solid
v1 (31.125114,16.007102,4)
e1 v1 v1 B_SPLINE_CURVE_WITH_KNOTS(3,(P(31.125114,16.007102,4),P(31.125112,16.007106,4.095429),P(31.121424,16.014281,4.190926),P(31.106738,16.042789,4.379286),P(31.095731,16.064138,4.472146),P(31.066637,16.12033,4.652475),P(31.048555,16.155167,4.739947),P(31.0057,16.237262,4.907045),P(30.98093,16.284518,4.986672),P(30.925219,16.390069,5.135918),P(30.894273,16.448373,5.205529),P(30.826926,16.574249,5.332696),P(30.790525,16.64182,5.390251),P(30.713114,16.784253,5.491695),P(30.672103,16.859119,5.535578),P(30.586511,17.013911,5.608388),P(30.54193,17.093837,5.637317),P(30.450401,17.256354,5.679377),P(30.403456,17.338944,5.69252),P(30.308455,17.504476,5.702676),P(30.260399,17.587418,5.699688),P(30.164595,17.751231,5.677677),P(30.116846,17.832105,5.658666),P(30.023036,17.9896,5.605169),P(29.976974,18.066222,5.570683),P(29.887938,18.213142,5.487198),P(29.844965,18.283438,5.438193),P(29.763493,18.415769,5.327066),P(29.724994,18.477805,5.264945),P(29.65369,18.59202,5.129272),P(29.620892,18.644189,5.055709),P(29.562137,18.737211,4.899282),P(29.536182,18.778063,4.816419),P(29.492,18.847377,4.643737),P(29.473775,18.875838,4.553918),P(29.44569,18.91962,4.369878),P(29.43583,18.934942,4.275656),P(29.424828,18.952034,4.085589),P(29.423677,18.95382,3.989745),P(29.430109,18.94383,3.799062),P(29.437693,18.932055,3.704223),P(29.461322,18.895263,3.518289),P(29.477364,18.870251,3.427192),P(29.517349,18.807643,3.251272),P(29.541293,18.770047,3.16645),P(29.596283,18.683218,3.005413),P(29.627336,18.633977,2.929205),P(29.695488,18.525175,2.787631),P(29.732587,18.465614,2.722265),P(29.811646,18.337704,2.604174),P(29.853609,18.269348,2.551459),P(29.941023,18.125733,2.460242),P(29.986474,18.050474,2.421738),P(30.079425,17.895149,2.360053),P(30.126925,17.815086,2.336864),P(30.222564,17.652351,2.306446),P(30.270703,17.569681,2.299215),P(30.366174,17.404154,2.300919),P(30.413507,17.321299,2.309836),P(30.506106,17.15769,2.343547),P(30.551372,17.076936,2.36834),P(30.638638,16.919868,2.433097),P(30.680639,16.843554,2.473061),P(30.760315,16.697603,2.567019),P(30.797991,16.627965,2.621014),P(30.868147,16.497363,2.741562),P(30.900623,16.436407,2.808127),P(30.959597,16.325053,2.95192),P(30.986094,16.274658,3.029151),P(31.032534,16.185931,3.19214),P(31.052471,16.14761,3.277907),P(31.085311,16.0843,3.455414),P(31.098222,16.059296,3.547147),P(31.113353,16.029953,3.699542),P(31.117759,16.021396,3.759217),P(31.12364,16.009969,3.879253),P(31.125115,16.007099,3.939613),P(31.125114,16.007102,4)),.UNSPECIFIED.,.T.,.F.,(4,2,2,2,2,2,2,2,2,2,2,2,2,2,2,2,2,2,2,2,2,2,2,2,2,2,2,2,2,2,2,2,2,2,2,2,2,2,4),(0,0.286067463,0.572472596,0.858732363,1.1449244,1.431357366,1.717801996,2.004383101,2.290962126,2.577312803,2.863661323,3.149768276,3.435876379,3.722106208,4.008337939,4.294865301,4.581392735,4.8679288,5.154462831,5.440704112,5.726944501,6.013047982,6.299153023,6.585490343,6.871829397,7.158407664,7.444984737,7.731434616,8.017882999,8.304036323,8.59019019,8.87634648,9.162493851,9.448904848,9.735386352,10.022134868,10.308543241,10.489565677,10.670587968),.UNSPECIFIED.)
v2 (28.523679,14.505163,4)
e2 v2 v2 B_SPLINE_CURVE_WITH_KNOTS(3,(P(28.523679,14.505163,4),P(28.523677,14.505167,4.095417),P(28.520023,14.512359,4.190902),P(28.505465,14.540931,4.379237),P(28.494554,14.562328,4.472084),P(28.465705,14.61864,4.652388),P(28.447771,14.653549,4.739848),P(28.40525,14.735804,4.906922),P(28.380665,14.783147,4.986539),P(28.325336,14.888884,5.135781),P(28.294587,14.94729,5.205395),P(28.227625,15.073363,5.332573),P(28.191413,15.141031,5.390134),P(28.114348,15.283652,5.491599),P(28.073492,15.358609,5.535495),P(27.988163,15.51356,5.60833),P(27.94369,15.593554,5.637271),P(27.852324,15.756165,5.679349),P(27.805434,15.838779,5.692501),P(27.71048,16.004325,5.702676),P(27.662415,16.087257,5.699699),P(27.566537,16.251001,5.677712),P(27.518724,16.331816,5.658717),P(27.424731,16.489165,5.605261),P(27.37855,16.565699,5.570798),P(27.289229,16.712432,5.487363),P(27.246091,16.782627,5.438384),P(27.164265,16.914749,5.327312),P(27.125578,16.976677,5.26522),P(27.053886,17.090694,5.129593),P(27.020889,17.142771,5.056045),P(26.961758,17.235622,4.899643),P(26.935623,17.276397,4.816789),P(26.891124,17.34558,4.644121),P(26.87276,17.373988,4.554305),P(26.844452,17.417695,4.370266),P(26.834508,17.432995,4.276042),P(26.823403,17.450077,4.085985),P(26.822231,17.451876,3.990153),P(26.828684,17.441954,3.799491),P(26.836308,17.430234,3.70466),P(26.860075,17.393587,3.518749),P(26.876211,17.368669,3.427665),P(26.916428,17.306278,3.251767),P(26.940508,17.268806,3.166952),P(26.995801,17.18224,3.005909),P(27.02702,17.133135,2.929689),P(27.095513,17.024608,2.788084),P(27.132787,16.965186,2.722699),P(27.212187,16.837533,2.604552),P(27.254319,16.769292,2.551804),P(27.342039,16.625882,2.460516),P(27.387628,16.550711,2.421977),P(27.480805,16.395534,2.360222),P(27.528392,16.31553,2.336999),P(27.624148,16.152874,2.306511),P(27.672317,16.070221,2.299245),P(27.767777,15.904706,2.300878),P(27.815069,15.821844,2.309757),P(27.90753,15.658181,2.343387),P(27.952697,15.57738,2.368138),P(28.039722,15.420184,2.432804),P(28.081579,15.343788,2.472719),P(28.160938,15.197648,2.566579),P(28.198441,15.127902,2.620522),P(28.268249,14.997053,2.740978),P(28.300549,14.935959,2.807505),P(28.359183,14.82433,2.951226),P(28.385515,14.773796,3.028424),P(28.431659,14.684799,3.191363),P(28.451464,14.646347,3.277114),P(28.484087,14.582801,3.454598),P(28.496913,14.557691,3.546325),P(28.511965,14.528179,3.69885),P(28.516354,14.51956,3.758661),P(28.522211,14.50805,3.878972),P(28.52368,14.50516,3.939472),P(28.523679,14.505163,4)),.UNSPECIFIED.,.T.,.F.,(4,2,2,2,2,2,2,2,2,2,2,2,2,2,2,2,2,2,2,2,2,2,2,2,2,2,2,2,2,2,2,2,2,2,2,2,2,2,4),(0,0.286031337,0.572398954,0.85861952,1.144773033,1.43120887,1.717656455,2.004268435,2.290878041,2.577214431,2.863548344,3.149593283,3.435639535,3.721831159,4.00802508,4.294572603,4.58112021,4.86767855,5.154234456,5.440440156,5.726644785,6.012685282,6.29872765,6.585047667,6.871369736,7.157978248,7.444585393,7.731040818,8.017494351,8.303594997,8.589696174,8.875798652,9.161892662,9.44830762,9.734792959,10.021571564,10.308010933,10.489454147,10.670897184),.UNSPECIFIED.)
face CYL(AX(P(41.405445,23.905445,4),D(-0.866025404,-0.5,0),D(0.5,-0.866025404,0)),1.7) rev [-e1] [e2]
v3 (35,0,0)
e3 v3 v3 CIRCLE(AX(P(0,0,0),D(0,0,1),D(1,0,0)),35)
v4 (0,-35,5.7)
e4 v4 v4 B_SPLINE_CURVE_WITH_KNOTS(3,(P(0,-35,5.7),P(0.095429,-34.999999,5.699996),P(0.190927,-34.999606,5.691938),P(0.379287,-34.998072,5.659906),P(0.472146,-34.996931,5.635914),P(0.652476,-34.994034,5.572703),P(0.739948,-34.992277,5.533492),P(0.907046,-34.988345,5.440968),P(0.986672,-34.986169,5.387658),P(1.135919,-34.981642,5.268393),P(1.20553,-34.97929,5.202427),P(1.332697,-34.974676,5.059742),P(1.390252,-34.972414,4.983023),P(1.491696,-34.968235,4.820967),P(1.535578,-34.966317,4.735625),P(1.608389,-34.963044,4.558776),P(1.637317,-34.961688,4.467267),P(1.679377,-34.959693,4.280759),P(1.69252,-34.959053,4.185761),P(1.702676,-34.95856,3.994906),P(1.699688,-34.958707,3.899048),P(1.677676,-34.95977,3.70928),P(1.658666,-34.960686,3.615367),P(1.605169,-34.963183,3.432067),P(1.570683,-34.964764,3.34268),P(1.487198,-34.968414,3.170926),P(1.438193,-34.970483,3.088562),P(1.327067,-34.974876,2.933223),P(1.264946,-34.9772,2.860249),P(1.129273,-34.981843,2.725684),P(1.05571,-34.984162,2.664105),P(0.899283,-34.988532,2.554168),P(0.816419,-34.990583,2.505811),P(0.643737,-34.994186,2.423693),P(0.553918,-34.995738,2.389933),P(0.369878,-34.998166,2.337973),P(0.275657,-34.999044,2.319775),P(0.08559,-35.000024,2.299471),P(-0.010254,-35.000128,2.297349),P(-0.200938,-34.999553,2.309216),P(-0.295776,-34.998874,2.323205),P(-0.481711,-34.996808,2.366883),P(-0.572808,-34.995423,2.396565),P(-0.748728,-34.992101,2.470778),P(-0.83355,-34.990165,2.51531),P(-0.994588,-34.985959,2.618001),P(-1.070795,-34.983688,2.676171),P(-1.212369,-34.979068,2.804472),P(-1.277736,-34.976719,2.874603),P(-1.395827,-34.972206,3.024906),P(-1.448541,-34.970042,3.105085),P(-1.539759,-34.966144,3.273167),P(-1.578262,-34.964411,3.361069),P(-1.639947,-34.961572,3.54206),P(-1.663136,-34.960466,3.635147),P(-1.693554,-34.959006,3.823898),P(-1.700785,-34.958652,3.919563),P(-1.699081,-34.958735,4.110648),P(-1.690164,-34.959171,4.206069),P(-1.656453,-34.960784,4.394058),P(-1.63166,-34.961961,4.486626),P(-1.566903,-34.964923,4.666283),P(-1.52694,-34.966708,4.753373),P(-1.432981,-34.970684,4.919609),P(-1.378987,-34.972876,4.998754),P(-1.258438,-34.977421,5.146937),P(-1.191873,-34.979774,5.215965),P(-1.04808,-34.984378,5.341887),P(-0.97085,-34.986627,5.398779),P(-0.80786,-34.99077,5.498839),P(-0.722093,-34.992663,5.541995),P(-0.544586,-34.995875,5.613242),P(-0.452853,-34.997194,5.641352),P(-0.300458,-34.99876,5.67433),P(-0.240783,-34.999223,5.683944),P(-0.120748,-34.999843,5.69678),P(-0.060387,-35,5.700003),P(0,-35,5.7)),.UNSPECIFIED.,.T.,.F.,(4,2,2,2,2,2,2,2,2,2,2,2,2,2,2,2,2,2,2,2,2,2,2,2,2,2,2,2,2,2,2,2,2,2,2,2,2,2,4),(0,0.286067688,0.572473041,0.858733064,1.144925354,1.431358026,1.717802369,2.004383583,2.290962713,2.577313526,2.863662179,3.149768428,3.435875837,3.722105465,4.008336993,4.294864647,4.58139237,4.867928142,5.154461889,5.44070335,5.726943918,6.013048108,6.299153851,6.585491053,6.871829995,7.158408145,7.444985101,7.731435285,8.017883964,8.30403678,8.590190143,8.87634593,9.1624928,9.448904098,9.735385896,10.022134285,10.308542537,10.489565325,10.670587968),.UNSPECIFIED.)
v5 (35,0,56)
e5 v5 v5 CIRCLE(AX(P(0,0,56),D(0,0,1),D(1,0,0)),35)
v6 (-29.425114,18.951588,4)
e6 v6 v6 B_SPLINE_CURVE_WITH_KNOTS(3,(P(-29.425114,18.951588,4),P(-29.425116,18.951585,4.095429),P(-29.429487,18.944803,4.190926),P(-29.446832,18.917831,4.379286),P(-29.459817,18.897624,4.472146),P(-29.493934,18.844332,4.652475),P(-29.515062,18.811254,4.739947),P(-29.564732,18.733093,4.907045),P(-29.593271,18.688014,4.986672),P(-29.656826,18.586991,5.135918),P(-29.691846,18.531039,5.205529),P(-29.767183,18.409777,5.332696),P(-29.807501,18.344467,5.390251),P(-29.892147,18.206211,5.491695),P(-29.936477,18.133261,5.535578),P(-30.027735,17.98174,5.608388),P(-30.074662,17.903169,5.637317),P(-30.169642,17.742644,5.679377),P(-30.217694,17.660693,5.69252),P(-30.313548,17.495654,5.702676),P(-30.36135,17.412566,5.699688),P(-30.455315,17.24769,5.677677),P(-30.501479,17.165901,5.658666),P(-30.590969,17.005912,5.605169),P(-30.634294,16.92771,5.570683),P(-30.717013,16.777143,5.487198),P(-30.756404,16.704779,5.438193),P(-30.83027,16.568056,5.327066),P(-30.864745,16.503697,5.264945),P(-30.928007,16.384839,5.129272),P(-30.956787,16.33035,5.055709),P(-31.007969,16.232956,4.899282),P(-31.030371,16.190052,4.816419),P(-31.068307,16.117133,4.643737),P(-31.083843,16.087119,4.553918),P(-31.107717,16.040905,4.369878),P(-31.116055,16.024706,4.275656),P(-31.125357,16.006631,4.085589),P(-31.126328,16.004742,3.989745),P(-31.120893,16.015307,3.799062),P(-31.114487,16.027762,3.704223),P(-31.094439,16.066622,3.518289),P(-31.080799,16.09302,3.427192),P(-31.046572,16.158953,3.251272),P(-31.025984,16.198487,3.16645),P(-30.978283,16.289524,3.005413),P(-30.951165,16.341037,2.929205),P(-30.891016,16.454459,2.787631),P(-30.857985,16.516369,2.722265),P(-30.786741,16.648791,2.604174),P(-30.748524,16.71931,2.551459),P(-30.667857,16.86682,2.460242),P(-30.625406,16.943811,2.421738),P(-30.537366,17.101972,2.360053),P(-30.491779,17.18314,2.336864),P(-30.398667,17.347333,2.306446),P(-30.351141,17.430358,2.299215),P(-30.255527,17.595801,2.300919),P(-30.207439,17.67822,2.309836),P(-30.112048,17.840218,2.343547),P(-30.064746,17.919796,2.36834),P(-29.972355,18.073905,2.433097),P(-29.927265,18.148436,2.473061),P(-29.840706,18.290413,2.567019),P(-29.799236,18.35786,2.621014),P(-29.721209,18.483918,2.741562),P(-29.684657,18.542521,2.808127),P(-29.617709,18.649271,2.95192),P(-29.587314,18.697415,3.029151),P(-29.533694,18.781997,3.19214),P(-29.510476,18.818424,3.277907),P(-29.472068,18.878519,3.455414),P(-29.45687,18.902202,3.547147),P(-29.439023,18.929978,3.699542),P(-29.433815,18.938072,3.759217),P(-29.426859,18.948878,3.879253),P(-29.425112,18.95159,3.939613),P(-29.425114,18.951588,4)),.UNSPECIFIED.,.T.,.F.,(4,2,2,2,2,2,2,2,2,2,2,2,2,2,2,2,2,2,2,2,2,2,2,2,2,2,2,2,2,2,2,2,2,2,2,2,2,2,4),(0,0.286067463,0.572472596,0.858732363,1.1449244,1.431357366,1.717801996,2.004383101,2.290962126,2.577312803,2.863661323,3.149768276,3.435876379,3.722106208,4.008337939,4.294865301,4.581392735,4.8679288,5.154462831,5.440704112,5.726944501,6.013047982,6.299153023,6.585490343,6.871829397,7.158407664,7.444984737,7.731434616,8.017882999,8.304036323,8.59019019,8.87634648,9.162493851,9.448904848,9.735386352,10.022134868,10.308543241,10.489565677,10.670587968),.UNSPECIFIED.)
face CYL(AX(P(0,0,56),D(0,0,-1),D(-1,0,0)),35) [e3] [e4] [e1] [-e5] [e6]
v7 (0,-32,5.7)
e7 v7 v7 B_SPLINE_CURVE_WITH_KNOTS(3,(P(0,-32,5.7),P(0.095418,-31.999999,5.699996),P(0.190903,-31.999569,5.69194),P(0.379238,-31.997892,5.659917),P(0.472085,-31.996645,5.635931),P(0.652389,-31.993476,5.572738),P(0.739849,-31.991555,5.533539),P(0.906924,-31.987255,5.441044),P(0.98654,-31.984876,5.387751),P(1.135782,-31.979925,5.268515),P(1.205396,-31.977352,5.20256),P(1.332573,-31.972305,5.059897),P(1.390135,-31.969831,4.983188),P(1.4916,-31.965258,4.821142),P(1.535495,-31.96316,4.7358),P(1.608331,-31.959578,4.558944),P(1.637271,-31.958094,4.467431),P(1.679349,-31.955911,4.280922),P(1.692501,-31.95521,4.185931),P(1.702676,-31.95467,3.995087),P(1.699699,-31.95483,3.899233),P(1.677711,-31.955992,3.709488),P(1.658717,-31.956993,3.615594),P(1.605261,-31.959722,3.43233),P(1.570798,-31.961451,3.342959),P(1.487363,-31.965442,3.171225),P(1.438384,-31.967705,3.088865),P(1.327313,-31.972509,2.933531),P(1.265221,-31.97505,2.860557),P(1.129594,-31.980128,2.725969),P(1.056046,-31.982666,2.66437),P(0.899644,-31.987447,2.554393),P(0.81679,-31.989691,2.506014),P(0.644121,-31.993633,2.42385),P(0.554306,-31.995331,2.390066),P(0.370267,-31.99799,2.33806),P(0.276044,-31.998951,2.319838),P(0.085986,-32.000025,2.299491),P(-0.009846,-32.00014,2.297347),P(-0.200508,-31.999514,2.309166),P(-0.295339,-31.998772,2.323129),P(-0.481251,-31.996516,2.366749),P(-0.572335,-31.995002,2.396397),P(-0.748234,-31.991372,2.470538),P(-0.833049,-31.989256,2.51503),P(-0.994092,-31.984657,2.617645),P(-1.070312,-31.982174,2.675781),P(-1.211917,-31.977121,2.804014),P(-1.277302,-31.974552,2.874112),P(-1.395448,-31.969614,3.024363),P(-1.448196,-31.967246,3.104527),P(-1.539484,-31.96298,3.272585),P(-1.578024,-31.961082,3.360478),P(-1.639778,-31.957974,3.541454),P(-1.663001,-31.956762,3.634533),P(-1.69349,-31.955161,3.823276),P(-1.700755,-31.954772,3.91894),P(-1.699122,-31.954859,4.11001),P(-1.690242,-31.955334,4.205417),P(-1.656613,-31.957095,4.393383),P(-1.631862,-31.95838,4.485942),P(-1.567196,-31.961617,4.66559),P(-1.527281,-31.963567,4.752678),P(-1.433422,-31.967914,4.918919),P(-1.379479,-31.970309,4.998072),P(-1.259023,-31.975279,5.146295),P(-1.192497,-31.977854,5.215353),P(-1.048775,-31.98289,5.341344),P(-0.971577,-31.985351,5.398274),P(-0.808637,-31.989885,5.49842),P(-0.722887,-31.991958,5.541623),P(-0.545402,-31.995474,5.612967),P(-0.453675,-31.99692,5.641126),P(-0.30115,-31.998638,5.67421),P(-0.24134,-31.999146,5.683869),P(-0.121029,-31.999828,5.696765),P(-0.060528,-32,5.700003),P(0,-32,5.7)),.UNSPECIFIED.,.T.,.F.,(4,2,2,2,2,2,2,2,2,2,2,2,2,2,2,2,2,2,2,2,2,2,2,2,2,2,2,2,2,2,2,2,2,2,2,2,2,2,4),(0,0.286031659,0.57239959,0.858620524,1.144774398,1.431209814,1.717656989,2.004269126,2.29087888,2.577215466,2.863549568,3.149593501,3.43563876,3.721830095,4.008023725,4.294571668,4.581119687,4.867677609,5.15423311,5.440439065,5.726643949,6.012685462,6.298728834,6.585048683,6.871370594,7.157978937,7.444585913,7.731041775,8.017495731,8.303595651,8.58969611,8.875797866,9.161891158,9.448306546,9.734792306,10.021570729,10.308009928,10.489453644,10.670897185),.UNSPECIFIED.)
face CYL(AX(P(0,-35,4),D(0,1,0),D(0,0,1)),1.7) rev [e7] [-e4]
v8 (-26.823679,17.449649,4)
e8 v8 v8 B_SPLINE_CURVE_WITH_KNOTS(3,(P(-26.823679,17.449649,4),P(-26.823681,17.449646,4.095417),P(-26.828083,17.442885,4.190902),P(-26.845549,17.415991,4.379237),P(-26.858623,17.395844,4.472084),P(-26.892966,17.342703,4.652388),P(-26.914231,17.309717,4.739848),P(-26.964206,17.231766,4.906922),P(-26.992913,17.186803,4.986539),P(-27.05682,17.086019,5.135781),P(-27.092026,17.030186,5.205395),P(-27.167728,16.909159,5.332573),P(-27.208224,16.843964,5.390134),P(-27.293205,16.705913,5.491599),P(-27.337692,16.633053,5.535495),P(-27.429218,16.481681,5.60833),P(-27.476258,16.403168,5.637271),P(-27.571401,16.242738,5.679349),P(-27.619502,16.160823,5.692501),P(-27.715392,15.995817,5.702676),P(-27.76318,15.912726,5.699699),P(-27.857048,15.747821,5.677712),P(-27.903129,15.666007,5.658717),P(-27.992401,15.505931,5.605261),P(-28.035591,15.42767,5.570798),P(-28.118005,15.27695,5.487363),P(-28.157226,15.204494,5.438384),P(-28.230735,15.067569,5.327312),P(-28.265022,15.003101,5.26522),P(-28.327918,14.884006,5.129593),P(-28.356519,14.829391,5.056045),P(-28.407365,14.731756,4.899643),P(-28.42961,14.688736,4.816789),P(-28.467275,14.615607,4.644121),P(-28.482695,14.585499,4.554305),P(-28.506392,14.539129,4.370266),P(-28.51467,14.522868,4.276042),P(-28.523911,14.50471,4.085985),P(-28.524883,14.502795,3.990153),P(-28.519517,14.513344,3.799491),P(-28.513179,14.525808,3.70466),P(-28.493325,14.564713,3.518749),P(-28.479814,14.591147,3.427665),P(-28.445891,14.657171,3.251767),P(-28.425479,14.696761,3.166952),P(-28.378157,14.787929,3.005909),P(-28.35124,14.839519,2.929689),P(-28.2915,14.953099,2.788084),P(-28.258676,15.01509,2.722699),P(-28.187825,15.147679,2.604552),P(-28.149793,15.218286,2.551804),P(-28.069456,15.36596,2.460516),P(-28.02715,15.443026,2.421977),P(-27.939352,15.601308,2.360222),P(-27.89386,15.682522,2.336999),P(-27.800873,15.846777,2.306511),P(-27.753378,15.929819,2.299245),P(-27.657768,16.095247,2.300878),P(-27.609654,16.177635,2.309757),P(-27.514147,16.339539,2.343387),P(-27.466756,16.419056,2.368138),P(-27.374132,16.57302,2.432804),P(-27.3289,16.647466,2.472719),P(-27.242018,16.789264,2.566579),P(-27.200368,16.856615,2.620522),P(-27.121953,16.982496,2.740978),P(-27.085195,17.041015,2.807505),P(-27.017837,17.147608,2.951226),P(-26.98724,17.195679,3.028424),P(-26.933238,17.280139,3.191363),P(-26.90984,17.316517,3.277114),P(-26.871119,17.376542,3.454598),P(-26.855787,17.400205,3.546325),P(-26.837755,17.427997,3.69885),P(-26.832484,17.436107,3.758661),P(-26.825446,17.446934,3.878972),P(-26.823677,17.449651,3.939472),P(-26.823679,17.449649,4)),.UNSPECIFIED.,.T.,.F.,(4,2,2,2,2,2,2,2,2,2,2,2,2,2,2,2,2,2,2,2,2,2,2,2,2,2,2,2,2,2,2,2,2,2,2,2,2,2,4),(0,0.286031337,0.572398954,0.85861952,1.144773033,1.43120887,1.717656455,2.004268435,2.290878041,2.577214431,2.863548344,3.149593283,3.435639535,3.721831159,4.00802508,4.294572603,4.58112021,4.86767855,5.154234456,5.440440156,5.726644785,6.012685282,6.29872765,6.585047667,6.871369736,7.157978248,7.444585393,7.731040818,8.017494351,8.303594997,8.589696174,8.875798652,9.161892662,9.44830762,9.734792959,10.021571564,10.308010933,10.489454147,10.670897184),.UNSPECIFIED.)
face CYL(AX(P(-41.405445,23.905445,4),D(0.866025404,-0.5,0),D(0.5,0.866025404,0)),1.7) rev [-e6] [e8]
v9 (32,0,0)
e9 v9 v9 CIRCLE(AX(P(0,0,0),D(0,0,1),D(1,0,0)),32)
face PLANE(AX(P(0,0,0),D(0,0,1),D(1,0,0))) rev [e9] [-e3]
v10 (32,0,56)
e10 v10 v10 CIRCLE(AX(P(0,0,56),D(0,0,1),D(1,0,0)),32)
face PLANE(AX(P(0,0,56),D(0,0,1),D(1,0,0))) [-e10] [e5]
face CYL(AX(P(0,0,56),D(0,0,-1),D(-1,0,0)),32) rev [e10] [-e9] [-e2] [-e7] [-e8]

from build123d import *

# Parameters (mm, degrees)
ESQUISSE1_R                  = 35
ESQUISSE1_R_2                = 32
BASE_EXTRUSION_DEPTH         = 56
ESQUISSE2_R                  = 1.7
ENL_V_MAT_EXTRU_1_DEPTH      = 36
R_P_TITION_CIRCULAIRE1_COUNT = 3


with BuildPart() as part:
    # Esquisse1 → Base-Extrusion (new body)
    with BuildSketch(Plane.XY):
        Circle(ESQUISSE1_R)
        Circle(ESQUISSE1_R_2, mode=Mode.SUBTRACT)
    extrude(amount=BASE_EXTRUSION_DEPTH)

    # Esquisse2 → Enlèv. mat.-Extru.1 (cut, through all)
    with BuildSketch(Plane(origin=(0, 0, 0), x_dir=(1, 0, 0), z_dir=(0, 1, 0))):
        with Locations((0, -4)):
            Circle(ESQUISSE2_R)
    enl_v_mat_extru_1 = extrude(amount=-ENL_V_MAT_EXTRU_1_DEPTH, mode=Mode.SUBTRACT)

    # Répétition circulaire1: Enlèv. mat.-Extru.1 ×3 about axis
    r_p_tition_circulaire1_axis = Axis((0, 0, 0), (0, 0, -1))
    for i in range(1, R_P_TITION_CIRCULAIRE1_COUNT):
        add(enl_v_mat_extru_1.rotate(r_p_tition_circulaire1_axis, i * 360 / R_P_TITION_CIRCULAIRE1_COUNT), mode=Mode.SUBTRACT)


solid = part.part
